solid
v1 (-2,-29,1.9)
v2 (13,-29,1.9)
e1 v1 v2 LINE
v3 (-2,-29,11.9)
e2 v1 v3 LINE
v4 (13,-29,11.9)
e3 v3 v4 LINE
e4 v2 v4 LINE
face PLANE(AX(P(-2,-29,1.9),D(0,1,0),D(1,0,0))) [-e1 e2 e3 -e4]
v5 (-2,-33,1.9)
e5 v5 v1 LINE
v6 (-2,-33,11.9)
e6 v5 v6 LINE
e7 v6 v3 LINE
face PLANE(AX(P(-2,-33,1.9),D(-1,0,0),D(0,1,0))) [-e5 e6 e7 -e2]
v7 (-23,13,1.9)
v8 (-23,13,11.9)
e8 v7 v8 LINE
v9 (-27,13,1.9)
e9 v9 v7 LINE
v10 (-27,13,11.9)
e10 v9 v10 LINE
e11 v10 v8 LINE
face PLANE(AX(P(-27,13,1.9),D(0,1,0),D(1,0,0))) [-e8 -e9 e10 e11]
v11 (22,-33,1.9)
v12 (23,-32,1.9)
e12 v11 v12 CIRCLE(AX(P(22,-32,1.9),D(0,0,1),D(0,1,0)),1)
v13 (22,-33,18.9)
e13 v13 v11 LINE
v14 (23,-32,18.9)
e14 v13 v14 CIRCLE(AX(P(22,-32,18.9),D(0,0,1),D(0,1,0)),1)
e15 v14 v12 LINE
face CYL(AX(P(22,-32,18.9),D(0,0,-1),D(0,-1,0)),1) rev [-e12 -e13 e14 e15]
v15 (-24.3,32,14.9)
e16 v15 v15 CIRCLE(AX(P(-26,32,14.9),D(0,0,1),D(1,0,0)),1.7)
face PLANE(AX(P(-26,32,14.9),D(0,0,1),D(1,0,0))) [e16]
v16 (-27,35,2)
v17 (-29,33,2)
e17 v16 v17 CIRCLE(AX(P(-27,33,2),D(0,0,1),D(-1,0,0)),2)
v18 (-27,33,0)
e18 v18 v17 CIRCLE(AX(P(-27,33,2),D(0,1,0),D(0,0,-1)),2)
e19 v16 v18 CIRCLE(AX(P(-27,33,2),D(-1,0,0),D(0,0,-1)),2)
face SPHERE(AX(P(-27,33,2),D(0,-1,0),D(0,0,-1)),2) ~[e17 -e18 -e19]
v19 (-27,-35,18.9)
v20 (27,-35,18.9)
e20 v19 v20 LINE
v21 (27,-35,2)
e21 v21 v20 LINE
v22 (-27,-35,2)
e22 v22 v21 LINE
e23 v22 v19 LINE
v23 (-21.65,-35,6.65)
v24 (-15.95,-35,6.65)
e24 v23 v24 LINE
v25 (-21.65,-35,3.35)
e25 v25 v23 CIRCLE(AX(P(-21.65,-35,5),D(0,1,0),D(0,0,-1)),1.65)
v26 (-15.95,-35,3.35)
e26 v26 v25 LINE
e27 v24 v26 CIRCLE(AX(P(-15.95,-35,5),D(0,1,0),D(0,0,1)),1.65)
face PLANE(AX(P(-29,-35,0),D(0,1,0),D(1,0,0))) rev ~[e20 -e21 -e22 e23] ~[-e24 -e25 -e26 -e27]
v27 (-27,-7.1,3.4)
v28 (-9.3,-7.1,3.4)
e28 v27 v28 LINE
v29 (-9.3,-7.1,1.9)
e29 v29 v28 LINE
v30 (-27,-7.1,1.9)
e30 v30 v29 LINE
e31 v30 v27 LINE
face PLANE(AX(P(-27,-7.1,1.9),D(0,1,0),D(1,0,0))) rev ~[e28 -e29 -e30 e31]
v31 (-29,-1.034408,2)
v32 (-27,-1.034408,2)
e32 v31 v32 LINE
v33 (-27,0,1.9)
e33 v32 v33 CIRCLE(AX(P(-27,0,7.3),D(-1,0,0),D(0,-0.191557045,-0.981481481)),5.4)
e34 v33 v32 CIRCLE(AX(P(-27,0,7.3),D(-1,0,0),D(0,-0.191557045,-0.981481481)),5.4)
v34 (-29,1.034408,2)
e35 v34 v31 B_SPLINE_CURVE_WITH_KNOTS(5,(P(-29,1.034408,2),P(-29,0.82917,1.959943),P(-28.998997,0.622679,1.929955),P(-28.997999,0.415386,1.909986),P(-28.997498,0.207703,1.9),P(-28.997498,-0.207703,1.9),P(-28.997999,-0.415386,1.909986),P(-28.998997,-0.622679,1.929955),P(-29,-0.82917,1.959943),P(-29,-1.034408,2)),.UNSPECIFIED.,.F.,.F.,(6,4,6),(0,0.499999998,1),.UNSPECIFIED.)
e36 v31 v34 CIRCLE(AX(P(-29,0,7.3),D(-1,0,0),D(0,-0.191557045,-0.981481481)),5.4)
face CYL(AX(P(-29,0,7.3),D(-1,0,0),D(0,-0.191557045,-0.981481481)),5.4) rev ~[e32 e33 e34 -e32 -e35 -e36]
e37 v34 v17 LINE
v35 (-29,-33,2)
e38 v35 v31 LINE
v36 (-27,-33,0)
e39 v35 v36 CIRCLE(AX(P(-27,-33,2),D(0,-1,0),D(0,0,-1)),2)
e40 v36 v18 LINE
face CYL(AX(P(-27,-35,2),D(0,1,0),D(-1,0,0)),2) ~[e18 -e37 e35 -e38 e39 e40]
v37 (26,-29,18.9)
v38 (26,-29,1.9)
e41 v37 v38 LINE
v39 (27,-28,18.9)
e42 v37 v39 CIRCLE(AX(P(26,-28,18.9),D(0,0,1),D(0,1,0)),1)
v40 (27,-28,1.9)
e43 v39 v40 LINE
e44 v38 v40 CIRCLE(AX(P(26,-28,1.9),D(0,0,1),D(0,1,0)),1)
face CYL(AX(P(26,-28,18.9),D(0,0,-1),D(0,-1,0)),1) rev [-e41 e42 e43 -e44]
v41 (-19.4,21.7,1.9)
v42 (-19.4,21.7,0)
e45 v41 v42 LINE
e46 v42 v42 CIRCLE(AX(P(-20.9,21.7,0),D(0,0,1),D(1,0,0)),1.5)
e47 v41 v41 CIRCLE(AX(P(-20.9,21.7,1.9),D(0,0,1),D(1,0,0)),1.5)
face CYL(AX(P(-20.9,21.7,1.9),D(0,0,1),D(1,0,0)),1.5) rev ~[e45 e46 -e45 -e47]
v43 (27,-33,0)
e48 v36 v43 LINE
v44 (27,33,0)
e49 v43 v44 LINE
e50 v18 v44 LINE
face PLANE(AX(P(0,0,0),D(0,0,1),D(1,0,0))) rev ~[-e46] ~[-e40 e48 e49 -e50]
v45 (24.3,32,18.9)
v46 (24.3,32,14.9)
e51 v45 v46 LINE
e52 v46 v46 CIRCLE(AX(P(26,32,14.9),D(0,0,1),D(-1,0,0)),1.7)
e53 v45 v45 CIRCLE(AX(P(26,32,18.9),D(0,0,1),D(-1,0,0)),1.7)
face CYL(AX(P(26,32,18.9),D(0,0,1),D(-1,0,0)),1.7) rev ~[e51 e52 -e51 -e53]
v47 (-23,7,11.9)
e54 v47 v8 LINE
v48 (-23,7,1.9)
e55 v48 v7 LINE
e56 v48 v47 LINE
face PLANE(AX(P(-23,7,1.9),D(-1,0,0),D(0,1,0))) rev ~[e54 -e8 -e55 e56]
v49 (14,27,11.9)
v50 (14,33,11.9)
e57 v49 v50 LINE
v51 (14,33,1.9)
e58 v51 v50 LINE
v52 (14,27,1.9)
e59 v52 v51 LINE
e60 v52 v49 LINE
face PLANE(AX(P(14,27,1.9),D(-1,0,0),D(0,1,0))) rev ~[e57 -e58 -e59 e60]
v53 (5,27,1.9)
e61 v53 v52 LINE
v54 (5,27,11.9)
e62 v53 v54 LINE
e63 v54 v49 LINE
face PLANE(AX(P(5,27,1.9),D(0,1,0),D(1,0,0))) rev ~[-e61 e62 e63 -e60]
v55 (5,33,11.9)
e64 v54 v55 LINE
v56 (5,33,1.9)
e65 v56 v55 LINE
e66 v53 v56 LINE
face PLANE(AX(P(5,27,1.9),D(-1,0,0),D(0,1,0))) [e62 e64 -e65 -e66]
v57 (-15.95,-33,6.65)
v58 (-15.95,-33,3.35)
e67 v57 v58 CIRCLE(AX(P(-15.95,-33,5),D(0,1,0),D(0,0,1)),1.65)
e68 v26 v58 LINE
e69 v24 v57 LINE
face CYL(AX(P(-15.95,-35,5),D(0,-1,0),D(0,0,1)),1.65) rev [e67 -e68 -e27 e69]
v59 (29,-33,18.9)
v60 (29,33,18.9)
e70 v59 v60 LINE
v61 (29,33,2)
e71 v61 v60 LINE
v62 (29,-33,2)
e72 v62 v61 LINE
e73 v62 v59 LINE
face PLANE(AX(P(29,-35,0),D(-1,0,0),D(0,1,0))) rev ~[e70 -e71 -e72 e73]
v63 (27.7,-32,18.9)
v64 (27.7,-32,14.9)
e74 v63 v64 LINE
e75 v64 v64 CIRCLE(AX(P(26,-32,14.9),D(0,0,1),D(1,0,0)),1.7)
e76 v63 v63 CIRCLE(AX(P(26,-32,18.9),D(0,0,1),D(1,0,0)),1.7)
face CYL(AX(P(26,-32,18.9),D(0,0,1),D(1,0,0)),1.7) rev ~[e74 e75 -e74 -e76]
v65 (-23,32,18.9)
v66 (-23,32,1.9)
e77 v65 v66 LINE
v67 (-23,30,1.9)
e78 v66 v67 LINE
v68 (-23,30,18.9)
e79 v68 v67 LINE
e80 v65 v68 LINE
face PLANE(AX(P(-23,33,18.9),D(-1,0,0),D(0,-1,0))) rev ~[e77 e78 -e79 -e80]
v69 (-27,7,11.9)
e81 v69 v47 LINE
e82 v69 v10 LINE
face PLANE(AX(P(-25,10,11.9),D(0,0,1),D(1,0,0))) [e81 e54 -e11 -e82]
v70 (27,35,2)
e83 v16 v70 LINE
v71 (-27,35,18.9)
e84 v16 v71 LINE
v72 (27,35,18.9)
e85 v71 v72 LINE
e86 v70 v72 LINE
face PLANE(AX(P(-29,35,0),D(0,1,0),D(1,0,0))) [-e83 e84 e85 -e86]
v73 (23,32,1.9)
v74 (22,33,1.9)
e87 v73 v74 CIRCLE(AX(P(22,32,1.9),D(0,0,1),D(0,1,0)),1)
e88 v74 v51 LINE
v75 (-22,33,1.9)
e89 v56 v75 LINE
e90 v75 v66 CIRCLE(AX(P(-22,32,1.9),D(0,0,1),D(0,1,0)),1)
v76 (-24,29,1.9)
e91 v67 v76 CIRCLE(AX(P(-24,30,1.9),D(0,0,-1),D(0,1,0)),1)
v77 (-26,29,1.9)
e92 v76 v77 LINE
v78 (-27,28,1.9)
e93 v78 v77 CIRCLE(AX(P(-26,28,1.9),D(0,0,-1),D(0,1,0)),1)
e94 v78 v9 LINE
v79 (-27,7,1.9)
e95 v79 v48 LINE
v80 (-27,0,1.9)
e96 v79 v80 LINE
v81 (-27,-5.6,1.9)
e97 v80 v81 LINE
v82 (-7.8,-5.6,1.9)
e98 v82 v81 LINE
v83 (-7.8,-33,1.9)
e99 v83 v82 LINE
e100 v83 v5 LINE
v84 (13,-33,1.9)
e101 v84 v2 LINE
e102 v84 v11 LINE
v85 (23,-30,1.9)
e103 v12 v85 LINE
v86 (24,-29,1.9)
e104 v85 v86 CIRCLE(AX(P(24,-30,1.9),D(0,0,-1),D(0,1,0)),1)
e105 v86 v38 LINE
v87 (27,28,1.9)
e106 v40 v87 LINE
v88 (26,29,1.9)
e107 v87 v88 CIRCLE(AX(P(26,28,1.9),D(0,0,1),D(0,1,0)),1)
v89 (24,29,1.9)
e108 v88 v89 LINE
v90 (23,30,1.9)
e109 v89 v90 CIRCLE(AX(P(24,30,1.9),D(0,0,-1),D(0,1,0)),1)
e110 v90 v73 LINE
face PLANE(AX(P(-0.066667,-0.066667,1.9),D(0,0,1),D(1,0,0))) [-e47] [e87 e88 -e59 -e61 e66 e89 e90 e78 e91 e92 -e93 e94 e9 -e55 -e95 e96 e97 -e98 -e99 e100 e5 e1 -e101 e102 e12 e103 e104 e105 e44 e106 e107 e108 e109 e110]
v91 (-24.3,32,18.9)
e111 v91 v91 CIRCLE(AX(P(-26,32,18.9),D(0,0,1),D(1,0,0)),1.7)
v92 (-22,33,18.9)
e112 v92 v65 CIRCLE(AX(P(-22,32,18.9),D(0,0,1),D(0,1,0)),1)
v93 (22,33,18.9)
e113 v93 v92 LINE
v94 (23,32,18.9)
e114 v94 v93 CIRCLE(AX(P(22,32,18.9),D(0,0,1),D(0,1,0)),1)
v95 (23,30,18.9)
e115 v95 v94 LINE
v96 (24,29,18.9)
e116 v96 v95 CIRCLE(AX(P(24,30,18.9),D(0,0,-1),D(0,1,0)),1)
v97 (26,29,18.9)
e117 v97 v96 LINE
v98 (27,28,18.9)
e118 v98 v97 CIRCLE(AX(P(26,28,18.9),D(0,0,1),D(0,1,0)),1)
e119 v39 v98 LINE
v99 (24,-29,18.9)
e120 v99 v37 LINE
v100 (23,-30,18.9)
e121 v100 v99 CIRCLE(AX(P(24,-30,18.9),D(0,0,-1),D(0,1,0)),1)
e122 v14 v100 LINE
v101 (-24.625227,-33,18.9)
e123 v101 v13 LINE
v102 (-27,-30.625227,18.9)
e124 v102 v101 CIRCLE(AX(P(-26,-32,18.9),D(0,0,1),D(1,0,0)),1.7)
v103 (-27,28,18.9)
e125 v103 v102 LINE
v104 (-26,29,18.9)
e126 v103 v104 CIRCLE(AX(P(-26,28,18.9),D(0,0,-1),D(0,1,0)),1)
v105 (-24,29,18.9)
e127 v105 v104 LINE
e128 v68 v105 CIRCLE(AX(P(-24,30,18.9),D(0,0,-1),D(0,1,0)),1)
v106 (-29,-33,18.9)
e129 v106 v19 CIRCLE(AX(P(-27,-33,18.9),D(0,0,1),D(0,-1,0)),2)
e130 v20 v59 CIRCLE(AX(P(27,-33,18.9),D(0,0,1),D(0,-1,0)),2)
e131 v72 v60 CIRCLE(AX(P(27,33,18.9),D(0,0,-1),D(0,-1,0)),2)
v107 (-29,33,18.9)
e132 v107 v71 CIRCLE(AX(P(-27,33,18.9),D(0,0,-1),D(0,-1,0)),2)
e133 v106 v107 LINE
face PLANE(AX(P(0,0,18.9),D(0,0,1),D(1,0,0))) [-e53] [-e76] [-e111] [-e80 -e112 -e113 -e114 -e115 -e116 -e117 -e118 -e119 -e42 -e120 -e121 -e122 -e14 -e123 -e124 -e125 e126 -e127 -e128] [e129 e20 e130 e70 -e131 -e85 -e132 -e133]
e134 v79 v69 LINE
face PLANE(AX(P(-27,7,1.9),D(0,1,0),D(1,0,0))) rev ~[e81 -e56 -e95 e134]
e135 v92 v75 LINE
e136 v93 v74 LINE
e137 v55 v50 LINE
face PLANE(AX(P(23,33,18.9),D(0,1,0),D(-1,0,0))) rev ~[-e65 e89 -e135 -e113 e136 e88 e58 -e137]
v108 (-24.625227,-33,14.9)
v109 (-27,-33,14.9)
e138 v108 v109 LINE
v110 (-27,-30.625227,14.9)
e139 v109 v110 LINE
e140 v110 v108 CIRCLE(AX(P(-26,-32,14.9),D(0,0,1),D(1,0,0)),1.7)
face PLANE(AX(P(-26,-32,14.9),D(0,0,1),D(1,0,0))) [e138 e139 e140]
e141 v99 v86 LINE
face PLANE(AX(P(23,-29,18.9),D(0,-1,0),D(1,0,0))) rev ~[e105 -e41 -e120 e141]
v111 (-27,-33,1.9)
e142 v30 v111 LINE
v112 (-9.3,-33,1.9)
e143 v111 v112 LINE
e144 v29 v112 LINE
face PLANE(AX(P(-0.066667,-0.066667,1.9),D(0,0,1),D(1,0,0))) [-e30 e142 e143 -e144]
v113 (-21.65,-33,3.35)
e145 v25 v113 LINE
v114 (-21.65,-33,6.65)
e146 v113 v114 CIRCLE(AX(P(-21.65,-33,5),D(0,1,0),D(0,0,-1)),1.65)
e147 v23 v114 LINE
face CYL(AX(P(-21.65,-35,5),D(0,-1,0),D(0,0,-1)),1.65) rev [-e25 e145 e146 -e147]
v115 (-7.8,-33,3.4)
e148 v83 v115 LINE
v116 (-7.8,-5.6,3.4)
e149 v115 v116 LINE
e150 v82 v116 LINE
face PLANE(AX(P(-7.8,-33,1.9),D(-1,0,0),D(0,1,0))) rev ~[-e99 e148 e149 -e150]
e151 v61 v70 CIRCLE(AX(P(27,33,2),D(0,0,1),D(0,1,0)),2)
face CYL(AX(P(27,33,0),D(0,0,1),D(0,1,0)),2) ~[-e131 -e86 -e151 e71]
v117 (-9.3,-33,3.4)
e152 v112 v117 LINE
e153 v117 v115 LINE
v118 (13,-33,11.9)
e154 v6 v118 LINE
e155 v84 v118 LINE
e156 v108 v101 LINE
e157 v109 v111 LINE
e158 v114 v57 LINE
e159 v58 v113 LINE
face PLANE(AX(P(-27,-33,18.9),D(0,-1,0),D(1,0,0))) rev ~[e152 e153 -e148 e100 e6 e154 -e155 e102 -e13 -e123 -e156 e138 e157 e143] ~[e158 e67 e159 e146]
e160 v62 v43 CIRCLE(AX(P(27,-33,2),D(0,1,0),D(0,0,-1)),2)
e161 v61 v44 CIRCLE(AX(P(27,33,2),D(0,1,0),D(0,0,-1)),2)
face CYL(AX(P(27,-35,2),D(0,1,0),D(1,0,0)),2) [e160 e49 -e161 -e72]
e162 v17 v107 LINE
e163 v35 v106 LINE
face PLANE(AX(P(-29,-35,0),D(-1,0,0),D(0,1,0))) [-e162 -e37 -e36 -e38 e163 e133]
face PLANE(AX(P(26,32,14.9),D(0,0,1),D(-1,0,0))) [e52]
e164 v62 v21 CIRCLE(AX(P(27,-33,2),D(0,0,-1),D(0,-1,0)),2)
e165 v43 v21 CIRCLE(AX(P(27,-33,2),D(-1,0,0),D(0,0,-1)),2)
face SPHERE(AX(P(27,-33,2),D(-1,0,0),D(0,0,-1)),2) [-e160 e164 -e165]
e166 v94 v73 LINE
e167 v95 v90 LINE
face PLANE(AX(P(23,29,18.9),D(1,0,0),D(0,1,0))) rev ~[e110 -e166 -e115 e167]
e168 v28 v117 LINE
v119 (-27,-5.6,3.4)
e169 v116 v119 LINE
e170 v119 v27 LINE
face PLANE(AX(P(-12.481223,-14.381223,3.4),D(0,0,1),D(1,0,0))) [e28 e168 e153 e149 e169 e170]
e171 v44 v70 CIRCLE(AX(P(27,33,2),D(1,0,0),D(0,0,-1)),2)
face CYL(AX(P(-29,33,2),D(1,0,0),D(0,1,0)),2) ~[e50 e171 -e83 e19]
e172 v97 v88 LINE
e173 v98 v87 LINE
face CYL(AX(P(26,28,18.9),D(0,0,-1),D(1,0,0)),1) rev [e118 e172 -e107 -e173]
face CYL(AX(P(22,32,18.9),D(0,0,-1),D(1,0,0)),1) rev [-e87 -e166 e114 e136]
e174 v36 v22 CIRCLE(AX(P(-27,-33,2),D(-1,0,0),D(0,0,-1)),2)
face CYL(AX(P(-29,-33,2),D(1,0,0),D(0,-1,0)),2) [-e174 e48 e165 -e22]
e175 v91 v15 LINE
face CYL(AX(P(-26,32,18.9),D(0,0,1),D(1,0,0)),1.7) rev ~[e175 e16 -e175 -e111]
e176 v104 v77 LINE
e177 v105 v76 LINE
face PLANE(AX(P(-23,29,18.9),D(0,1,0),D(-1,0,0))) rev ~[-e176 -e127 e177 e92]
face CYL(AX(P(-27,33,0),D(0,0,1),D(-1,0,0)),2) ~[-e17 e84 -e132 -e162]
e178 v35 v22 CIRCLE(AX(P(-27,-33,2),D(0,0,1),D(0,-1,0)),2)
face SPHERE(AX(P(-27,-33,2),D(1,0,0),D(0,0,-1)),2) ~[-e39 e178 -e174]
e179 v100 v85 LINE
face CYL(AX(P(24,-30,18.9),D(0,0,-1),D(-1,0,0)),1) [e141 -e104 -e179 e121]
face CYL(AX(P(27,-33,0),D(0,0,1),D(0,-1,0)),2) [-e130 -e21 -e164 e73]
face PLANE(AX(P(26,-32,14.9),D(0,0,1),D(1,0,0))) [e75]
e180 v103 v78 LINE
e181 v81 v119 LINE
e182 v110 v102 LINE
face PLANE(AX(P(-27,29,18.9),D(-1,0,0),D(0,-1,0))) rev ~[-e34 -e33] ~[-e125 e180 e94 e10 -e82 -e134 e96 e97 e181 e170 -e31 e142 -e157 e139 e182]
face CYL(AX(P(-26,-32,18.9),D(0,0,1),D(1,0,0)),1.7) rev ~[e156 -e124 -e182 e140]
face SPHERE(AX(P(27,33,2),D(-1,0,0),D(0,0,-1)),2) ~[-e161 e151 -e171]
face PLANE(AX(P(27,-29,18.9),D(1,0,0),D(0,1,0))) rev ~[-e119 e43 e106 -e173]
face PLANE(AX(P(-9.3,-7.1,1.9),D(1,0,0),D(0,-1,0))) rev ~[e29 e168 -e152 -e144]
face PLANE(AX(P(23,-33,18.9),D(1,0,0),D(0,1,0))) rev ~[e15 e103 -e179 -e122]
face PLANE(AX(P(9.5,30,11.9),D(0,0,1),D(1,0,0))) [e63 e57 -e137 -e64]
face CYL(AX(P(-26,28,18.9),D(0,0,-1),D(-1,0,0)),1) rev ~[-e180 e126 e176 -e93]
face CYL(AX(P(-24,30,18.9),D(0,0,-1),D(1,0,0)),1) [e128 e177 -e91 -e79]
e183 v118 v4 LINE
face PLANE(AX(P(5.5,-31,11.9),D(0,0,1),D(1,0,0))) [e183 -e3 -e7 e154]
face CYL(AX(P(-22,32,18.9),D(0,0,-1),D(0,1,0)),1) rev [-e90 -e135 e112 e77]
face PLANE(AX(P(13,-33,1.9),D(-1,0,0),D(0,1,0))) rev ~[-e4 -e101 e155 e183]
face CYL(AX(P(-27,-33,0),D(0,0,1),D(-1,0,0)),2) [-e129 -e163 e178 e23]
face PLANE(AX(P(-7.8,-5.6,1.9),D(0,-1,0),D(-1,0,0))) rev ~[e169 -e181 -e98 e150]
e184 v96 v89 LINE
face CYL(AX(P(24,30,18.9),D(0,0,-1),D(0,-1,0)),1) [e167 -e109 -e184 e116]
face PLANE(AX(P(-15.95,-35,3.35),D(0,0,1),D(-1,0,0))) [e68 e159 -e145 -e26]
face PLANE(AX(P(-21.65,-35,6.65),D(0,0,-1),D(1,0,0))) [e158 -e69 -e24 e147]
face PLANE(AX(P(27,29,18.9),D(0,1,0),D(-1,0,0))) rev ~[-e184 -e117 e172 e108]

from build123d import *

# Parameters (mm, degrees)
SKETCH_1_W          = 58
SKETCH_1_H          = 70
EXTRUDE_1_DEPTH     = 18.9
CUT_EXTRUDE_1_DEPTH = 17
SKETCH_2_3_R        = 1.7
CUT_EXTRUDE_2_DEPTH = 4
FILLET_1_R          = 1
FILLET_2_R          = 2
SKETCH_4_R          = 1.5
CUT_EXTRUDE_3_DEPTH = 2
SKETCH_4_3_W        = 15
SKETCH_4_3_H        = 4
SKETCH_4_3_W_2      = 4
SKETCH_4_3_H_2      = 6
SKETCH_4_3_W_3      = 9
EXTRUDE_2_DEPTH     = 10
SKETCH_7_R          = 5.4
CUT_EXTRUDE_4_DEPTH = 2
CUT_EXTRUDE_5_DEPTH = 2
EXTRUDE_3_DEPTH     = 1.5


with BuildPart() as part:
    # Эскиз1 → Бобышка-Вытянуть1 (new body)
    with BuildSketch(Plane.XY):
        Rectangle(SKETCH_1_W, SKETCH_1_H)
    extrude(amount=EXTRUDE_1_DEPTH)

    # Эскиз2 → Вырез-Вытянуть1 (cut)
    with BuildSketch(Plane.XY.offset(18.9)):
        Polygon((-27, 29), (-27, -33), (23, -33), (23, -29), (27, -29), (27, 29), (23, 29), (23, 33), (-23, 33), (-23, 29), align=None)
    extrude(amount=-CUT_EXTRUDE_1_DEPTH, mode=Mode.SUBTRACT)

    # Эскиз2<3> → Вырез-Вытянуть2 (cut)
    with BuildSketch(Plane.XY.offset(18.9)):
        with Locations((-26, 32)):
            Circle(SKETCH_2_3_R)
        with Locations((26, 32)):
            Circle(SKETCH_2_3_R)
        with Locations((26, -32)):
            Circle(SKETCH_2_3_R)
        with Locations((-26, -32)):
            Circle(SKETCH_2_3_R)
    extrude(amount=-CUT_EXTRUDE_2_DEPTH, mode=Mode.SUBTRACT)

    # Скругление1
    fillet_1_edges = [part.edges().sort_by_distance(p)[0] for p in [
        (23, -33, 10.4),
        (23, -29, 10.4),
        (27, -29, 10.4),
        (23, 33, 10.4),
        (27, 29, 10.4),
        (-23, 33, 10.4),
        (-27, 29, 10.4),
        (23, 29, 10.4),
        (-23, 29, 10.4),
    ]]
    fillet(fillet_1_edges, radius=FILLET_1_R)

    # Скругление2
    fillet_2_edges = [part.edges().sort_by_distance(p)[0] for p in [
        (0, 35, 0),
        (-29, 0, 0),
        (0, -35, 0),
        (29, 0, 0),
        (29, 35, 9.45),
        (-29, 35, 9.45),
        (-29, -35, 9.45),
        (29, -35, 9.45),
    ]]
    fillet(fillet_2_edges, radius=FILLET_2_R)

    # Эскиз4 → Вырез-Вытянуть3 (cut)
    with BuildSketch(Plane.XY.offset(1.9)):
        with Locations((-20.9, 21.7)):
            Circle(SKETCH_4_R)
    extrude(amount=-CUT_EXTRUDE_3_DEPTH, mode=Mode.SUBTRACT)

    # Эскиз4<3> → Бобышка-Вытянуть2 (add)
    with BuildSketch(Plane.XY.offset(1.9)):
        with Locations((5.5, -31)):
            Rectangle(SKETCH_4_3_W, SKETCH_4_3_H)
        with Locations((-25, 10)):
            Rectangle(SKETCH_4_3_W_2, SKETCH_4_3_H_2)
        with Locations((9.5, 30)):
            Rectangle(SKETCH_4_3_W_3, SKETCH_4_3_H_2)
    extrude(amount=EXTRUDE_2_DEPTH)

    # Эскиз7 → Вырез-Вытянуть4 (cut)
    with BuildSketch(Plane.ZY.offset(29)):
        with Locations((7.3, 0)):
            Circle(SKETCH_7_R)
    extrude(amount=-CUT_EXTRUDE_4_DEPTH, mode=Mode.SUBTRACT)

    # Эскиз8 → Вырез-Вытянуть5 (cut)
    with BuildSketch(Plane.XZ.offset(35)):
        with BuildLine():
            Line((-21.65, 6.65), (-15.95, 6.65))
            ThreePointArc((-15.95, 6.65), (-14.3, 5), (-15.95, 3.35))
            Line((-15.95, 3.35), (-21.65, 3.35))
            ThreePointArc((-21.65, 3.35), (-23.3, 5), (-21.65, 6.65))
        make_face()
    extrude(amount=-CUT_EXTRUDE_5_DEPTH, mode=Mode.SUBTRACT)

    # Эскиз10 → Бобышка-Вытянуть3 (add)
    with BuildSketch(Plane.XY.offset(1.9)):
        Polygon((-9.3, -7.1), (-9.3, -33), (-7.8, -33), (-7.8, -5.6), (-27, -5.6), (-27, -7.1), align=None)
    extrude(amount=EXTRUDE_3_DEPTH)


solid = part.part
